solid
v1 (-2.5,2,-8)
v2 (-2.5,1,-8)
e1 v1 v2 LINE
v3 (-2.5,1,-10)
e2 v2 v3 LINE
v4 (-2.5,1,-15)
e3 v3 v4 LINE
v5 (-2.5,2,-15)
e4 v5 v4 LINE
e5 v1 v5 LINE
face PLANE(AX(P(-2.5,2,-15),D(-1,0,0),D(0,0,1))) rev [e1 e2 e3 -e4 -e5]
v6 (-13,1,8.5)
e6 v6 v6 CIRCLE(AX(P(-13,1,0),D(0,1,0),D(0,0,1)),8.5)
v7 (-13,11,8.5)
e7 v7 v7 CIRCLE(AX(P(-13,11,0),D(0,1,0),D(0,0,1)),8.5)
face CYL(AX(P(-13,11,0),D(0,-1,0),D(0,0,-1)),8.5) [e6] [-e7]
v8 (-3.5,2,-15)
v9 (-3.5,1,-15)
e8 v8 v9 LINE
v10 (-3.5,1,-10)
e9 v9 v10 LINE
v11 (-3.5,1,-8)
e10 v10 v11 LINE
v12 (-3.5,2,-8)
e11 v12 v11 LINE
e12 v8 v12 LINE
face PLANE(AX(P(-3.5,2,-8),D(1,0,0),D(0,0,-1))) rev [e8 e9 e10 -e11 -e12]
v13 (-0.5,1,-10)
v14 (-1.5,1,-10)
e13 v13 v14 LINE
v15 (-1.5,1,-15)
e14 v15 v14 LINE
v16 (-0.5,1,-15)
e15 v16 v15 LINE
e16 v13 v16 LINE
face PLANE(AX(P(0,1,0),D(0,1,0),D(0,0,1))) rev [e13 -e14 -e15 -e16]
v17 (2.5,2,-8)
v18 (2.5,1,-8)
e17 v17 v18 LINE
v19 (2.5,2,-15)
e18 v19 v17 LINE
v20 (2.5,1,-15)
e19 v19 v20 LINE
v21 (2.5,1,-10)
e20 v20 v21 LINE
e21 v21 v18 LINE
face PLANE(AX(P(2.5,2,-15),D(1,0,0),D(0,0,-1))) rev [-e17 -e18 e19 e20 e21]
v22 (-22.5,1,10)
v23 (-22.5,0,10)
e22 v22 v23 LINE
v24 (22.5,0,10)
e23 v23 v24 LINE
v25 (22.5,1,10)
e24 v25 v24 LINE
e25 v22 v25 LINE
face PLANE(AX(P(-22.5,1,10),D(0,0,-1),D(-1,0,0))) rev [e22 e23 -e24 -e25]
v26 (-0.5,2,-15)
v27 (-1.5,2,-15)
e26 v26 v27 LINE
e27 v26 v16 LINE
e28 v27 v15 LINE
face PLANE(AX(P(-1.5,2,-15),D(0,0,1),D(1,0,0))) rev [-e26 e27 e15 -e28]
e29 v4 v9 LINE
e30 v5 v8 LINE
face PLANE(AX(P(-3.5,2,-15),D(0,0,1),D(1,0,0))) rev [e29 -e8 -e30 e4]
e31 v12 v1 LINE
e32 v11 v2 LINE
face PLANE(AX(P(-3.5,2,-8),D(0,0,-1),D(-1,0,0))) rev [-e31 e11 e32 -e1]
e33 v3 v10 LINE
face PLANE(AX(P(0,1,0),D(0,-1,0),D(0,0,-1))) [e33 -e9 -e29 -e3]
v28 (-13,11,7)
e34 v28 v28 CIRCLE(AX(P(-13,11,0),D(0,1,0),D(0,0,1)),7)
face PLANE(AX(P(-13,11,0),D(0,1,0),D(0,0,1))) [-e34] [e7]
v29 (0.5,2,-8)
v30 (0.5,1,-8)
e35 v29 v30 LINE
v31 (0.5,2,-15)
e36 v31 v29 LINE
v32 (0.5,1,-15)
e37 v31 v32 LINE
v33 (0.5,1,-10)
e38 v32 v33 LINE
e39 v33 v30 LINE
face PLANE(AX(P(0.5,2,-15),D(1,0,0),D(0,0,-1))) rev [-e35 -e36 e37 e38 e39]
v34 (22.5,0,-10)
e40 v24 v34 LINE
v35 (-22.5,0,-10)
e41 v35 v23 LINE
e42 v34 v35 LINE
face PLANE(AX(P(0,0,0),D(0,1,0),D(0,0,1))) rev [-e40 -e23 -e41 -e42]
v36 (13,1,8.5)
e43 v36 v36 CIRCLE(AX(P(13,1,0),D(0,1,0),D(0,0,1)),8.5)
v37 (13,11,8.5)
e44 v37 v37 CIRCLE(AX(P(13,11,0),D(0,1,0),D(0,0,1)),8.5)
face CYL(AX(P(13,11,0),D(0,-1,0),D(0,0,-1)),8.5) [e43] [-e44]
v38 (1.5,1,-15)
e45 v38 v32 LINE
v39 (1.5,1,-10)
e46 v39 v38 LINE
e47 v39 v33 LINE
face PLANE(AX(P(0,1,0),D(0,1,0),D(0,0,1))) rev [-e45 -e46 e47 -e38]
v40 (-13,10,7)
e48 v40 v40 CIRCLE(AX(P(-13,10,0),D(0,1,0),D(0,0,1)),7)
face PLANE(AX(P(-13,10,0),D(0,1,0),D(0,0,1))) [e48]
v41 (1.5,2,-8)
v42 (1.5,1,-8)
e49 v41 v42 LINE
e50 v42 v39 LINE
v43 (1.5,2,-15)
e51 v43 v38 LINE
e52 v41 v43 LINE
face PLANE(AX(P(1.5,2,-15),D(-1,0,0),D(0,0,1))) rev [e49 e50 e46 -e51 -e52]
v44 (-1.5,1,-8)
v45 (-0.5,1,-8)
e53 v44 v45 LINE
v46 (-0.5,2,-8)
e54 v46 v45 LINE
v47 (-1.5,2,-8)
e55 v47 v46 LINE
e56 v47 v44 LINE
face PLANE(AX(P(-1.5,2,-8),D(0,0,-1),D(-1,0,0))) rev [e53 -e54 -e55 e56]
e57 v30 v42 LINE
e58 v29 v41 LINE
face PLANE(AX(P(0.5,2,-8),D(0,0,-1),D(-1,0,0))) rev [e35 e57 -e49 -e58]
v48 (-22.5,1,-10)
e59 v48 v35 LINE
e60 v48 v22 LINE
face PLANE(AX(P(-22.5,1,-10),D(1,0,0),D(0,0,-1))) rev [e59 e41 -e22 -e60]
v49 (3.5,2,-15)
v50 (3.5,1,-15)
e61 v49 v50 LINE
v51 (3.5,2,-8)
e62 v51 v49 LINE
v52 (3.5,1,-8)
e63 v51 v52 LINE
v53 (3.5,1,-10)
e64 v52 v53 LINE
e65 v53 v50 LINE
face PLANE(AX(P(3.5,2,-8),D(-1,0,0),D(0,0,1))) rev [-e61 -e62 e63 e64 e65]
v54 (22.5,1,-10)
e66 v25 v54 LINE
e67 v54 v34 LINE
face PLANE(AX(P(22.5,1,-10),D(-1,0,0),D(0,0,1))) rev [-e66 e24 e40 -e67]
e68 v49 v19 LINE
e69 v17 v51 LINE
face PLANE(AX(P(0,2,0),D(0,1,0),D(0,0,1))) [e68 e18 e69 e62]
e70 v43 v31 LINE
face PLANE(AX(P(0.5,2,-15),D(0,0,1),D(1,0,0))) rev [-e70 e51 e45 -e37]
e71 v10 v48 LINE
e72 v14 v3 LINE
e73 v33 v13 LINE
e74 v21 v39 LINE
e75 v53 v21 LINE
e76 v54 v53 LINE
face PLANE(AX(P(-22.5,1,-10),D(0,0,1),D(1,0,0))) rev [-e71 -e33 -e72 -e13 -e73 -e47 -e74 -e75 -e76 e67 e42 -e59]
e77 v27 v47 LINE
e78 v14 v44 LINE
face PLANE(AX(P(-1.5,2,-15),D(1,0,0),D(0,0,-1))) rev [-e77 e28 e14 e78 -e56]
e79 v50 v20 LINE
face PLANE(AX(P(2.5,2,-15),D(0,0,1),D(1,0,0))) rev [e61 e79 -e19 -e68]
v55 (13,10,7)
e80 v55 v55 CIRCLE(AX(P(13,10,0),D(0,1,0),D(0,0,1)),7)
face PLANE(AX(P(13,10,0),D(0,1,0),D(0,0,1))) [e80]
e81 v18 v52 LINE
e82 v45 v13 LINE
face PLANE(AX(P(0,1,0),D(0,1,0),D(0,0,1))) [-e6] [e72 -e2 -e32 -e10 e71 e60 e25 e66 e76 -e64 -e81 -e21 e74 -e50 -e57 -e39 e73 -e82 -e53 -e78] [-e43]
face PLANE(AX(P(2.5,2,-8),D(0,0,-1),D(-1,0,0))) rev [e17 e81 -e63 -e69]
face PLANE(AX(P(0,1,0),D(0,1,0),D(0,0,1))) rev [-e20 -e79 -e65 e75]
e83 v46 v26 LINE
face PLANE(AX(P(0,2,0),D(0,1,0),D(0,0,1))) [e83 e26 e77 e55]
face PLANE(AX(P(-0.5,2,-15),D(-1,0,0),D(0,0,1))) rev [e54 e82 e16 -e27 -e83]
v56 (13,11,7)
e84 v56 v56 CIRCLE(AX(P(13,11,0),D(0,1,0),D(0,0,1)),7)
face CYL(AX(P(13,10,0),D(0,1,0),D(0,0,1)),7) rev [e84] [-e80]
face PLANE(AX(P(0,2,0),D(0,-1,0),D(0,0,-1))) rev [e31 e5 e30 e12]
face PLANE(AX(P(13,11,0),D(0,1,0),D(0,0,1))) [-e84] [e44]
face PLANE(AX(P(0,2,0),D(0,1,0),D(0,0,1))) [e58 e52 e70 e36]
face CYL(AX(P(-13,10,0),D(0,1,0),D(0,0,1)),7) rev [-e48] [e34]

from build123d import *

# Parameters (mm, degrees)
SKETCH1_W           = 45
SKETCH1_H           = 20
BOSS_EXTRUDE1_DEPTH = 1
SKETCH2_R           = 8.5
BOSS_EXTRUDE2_DEPTH = 10
SKETCH3_R           = 7
CUT_EXTRUDE1_DEPTH  = 1
SKETCH4_W           = 1
SKETCH4_H           = 7
BOSS_EXTRUDE3_DEPTH = 1


with BuildPart() as part:
    # Sketch1 → Boss-Extrude1 (new body)
    with BuildSketch(Plane(origin=(0, 0, 0), x_dir=(1, 0, 0), z_dir=(0, 1, 0))):
        Rectangle(SKETCH1_W, SKETCH1_H)
    extrude(amount=BOSS_EXTRUDE1_DEPTH)

    # Sketch2 → Boss-Extrude2 (add)
    with BuildSketch(Plane(origin=(0, 1, 0), x_dir=(1, 0, 0), z_dir=(0, 1, 0))):
        with Locations(Location((-13, 0, 0), (0, 0, 270))):
            Circle(SKETCH2_R)
        with Locations(Location((13, 0, 0), (0, 0, 270))):
            Circle(SKETCH2_R)
    extrude(amount=BOSS_EXTRUDE2_DEPTH)

    # Sketch3 → Cut-Extrude1 (cut)
    with BuildSketch(Plane(origin=(0, 11, 0), x_dir=(1, 0, 0), z_dir=(0, 1, 0))):
        with Locations(Location((-13, 0, 0), (0, 0, 270))):
            Circle(SKETCH3_R)
        with Locations(Location((13, 0, 0), (0, 0, 270))):
            Circle(SKETCH3_R)
    extrude(amount=-CUT_EXTRUDE1_DEPTH, mode=Mode.SUBTRACT)

    # Sketch4 → Boss-Extrude3 (add)
    with BuildSketch(Plane(origin=(0, 1, 0), x_dir=(1, 0, 0), z_dir=(0, 1, 0))):
        with Locations((-1, 11.5)):
            Rectangle(SKETCH4_W, SKETCH4_H)
        with Locations((-3, 11.5)):
            Rectangle(SKETCH4_W, SKETCH4_H)
        with Locations((3, 11.5)):
            Rectangle(SKETCH4_W, SKETCH4_H)
        with Locations((1, 11.5)):
            Rectangle(SKETCH4_W, SKETCH4_H)
    extrude(amount=BOSS_EXTRUDE3_DEPTH)


solid = part.part
